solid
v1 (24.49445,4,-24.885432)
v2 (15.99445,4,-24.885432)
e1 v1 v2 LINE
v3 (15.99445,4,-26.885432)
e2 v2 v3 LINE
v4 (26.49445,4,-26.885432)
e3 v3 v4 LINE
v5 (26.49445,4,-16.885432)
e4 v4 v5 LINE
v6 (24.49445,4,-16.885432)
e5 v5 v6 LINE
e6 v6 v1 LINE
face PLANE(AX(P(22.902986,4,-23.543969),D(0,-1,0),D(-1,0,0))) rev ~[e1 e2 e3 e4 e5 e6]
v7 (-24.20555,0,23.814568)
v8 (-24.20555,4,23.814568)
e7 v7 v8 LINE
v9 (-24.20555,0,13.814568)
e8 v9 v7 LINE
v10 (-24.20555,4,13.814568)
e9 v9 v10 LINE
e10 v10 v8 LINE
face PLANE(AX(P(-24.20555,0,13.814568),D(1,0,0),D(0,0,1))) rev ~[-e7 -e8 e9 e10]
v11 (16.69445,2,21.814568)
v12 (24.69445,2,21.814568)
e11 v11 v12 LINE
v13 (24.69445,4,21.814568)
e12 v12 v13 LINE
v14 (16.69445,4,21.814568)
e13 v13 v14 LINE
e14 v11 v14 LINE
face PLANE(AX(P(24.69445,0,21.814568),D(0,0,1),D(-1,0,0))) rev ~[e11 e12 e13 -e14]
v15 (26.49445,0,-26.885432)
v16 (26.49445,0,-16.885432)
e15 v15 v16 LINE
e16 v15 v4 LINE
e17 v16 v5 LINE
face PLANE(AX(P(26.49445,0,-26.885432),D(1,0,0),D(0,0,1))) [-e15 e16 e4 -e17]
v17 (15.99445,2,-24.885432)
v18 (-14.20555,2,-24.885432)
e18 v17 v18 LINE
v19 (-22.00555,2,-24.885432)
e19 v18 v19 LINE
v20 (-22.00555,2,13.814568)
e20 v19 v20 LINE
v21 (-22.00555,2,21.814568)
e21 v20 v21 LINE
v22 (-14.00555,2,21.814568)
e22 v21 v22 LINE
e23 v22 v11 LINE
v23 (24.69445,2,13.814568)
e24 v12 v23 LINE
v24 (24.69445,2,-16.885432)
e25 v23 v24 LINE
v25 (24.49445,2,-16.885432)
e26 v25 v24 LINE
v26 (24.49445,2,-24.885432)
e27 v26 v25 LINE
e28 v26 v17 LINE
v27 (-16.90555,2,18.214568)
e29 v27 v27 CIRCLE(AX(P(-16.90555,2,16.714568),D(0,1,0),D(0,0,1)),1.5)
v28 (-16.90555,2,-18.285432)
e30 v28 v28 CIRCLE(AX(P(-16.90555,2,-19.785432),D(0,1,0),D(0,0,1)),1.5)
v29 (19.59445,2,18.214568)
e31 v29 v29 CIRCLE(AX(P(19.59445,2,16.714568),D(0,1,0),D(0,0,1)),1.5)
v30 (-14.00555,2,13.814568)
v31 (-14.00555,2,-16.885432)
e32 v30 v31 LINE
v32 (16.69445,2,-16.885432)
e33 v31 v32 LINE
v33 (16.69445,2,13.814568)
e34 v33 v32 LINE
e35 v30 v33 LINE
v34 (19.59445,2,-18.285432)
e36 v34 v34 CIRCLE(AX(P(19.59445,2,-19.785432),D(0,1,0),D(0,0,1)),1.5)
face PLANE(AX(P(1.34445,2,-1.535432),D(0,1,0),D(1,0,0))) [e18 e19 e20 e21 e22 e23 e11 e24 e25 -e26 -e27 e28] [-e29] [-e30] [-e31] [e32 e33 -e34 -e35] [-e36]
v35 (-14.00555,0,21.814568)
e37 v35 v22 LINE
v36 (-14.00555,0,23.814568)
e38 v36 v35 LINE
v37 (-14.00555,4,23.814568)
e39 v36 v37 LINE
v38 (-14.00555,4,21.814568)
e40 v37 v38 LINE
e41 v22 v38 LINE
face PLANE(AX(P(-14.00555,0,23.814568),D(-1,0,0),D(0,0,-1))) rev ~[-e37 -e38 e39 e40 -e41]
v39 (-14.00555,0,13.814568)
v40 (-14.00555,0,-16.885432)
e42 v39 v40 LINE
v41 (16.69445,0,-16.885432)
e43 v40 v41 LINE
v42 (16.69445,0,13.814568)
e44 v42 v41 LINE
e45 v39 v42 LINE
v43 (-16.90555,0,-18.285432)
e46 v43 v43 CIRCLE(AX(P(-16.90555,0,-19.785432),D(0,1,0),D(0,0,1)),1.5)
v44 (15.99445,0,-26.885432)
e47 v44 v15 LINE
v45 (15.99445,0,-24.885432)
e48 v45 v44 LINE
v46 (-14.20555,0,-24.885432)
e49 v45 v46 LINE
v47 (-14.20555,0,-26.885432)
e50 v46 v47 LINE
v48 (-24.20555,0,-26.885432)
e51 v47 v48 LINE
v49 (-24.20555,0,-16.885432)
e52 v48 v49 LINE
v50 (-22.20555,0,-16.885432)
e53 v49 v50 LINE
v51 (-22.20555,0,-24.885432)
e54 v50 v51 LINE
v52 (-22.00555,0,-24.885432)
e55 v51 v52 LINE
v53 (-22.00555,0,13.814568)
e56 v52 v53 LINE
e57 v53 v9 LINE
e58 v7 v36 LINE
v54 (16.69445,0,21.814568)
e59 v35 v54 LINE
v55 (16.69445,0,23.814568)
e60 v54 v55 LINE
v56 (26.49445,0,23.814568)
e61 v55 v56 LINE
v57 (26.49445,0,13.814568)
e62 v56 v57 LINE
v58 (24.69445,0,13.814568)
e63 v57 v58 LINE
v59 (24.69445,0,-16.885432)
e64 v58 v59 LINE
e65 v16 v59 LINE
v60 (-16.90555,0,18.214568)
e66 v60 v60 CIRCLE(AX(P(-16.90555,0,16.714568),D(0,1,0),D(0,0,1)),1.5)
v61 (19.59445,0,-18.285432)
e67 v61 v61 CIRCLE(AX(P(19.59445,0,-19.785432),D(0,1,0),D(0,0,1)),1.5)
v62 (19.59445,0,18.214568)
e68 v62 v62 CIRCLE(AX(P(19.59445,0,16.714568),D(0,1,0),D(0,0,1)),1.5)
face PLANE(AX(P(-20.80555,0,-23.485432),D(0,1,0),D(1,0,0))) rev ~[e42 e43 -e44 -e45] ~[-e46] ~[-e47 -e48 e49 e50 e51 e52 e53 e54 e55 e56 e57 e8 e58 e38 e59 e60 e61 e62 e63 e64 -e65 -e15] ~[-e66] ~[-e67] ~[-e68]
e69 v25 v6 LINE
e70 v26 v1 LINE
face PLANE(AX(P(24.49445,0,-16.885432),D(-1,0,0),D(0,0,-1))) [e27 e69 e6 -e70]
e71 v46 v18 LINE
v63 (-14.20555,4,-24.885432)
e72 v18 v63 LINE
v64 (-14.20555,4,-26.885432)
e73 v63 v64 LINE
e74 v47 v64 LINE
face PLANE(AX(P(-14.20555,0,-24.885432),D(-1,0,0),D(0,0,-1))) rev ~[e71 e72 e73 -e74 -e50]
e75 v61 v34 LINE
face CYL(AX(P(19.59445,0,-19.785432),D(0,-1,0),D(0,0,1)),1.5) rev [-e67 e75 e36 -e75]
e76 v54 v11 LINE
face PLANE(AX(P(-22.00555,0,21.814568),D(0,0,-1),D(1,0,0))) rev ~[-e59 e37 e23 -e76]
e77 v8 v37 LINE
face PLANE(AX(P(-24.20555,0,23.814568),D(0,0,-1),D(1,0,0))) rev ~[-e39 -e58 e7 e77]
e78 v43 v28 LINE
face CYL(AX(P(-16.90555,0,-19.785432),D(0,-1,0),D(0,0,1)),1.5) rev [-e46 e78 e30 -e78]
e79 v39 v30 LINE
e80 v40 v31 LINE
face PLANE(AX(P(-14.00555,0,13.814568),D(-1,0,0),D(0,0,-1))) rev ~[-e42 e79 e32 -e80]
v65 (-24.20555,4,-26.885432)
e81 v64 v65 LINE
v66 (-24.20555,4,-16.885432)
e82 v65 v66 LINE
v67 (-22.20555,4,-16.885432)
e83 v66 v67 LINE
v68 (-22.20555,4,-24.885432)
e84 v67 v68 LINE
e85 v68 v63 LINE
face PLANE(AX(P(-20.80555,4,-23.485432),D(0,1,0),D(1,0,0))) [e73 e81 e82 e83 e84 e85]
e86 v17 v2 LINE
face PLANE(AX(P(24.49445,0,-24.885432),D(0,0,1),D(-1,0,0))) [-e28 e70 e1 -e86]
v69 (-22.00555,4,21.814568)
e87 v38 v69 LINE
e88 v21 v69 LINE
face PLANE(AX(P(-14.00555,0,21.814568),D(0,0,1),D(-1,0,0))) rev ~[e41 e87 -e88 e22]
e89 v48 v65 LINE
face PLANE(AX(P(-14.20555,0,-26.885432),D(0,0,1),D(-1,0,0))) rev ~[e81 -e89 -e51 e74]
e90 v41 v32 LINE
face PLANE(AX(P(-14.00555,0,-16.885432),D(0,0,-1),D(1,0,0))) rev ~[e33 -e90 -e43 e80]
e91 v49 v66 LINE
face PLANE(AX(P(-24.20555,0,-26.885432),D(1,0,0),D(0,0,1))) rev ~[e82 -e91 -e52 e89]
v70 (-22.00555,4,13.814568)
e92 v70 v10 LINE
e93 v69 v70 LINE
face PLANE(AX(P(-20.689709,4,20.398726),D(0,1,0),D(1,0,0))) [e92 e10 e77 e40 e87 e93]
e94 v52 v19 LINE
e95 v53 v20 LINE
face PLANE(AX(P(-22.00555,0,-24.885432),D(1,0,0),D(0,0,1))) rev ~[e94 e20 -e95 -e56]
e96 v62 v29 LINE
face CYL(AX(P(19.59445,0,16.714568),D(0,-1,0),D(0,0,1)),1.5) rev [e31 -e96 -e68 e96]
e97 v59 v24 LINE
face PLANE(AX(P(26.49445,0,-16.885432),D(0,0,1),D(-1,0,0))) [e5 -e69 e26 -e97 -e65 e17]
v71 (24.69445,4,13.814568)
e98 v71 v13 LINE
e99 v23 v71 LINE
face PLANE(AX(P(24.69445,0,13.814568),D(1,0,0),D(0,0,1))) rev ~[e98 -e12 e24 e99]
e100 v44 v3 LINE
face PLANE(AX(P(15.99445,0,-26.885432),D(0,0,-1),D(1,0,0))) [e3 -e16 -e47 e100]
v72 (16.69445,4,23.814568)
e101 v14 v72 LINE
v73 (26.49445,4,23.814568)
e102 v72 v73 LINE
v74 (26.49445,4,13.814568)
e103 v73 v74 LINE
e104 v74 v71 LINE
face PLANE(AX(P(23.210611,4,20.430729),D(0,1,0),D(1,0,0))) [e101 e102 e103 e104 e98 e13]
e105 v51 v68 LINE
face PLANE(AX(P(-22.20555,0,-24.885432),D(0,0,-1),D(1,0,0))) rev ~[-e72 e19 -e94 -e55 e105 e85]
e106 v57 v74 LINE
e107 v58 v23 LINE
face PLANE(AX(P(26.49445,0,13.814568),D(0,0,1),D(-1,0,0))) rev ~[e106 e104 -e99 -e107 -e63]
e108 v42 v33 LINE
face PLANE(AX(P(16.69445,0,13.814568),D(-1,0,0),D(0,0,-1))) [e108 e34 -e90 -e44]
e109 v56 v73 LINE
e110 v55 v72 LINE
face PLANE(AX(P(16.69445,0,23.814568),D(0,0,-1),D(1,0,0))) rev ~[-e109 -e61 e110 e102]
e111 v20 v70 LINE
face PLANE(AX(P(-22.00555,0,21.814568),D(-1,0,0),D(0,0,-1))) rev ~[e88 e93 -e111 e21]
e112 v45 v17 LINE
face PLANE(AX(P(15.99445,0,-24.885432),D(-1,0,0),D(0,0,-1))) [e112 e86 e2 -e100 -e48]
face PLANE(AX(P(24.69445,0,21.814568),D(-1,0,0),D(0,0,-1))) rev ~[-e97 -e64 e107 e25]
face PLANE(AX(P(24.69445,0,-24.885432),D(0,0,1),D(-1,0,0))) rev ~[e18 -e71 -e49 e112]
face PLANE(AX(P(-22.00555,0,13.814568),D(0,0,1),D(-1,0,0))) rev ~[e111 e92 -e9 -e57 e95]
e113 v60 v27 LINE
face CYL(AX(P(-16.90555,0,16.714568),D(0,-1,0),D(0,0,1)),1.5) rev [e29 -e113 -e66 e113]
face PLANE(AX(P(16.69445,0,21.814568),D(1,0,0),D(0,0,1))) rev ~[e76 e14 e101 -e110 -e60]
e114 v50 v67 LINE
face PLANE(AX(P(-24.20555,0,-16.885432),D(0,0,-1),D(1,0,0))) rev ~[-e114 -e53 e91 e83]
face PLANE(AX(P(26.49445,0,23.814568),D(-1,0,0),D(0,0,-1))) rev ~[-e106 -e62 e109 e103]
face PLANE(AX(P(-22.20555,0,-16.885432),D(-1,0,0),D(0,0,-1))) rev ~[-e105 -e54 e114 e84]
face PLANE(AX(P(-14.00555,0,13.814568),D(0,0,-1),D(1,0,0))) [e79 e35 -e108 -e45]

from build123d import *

# Parameters (mm, degrees)
SKETCH1_R           = 1.5
SKETCH1_W           = 30.7
SKETCH1_H           = 30.7
BOSS_EXTRUDE1_DEPTH = 2
BOSS_EXTRUDE2_DEPTH = 4


with BuildPart() as part:
    # Sketch1 → Boss-Extrude1 (new body)
    with BuildSketch(Plane(origin=(0, 0, 0), x_dir=(1, 0, 0), z_dir=(0, 1, 0))):
        Polygon((-22.005550203, -21.814567772), (-14.005550203, -21.814567772), (16.694449797, -21.814567772), (24.694449797, -21.814567772), (24.694449797, -13.814567772), (24.694449797, 16.669052986), (24.694449797, 24.885432228), (-22.005550203, 24.885432228), (-22.005550203, 15.385432228), (-22.005550203, -15.314567772), align=None)
        with Locations(Location((-16.905550203, 19.785432228, 0), (0, 0, 270))):
            Circle(SKETCH1_R, mode=Mode.SUBTRACT)
        with Locations(Location((-16.905550203, -16.714567772, 0), (0, 0, 270))):
            Circle(SKETCH1_R, mode=Mode.SUBTRACT)
        with Locations(Location((19.594449797, 19.785432228, 0), (0, 0, 270))):
            Circle(SKETCH1_R, mode=Mode.SUBTRACT)
        with Locations(Location((19.594449797, -16.714567772, 0), (0, 0, 270))):
            Circle(SKETCH1_R, mode=Mode.SUBTRACT)
        with Locations((1.344449797, 1.535432228)):
            Rectangle(SKETCH1_W, SKETCH1_H, mode=Mode.SUBTRACT)
    extrude(amount=BOSS_EXTRUDE1_DEPTH)

    # Sketch3 → Boss-Extrude2 (add)
    with BuildSketch(Plane(origin=(0, 0, 0), x_dir=(1, 0, 0), z_dir=(0, 1, 0))):
        Polygon((-14.205550203, 24.885432228), (-14.205550203, 26.885432228), (-24.205550203, 26.885432228), (-24.205550203, 16.885432228), (-22.205550203, 16.885432228), (-22.205550203, 24.885432228), align=None)
        Polygon((-22.005550203, -13.814567772), (-24.205550203, -13.814567772), (-24.205550203, -23.814567772), (-14.005550203, -23.814567772), (-14.005550203, -21.814567772), (-22.005550203, -21.814567772), align=None)
        Polygon((15.994449797, 26.885432228), (26.494449797, 26.885432228), (26.494449797, 16.885432228), (24.494449797, 16.885432228), (24.494449797, 24.885432228), (15.994449797, 24.885432228), align=None)
        Polygon((16.694449797, -21.814567772), (16.694449797, -23.814567772), (26.494449797, -23.814567772), (26.494449797, -13.814567772), (24.694449797, -13.814567772), (24.694449797, -21.814567772), align=None)
    extrude(amount=BOSS_EXTRUDE2_DEPTH)


solid = part.part
